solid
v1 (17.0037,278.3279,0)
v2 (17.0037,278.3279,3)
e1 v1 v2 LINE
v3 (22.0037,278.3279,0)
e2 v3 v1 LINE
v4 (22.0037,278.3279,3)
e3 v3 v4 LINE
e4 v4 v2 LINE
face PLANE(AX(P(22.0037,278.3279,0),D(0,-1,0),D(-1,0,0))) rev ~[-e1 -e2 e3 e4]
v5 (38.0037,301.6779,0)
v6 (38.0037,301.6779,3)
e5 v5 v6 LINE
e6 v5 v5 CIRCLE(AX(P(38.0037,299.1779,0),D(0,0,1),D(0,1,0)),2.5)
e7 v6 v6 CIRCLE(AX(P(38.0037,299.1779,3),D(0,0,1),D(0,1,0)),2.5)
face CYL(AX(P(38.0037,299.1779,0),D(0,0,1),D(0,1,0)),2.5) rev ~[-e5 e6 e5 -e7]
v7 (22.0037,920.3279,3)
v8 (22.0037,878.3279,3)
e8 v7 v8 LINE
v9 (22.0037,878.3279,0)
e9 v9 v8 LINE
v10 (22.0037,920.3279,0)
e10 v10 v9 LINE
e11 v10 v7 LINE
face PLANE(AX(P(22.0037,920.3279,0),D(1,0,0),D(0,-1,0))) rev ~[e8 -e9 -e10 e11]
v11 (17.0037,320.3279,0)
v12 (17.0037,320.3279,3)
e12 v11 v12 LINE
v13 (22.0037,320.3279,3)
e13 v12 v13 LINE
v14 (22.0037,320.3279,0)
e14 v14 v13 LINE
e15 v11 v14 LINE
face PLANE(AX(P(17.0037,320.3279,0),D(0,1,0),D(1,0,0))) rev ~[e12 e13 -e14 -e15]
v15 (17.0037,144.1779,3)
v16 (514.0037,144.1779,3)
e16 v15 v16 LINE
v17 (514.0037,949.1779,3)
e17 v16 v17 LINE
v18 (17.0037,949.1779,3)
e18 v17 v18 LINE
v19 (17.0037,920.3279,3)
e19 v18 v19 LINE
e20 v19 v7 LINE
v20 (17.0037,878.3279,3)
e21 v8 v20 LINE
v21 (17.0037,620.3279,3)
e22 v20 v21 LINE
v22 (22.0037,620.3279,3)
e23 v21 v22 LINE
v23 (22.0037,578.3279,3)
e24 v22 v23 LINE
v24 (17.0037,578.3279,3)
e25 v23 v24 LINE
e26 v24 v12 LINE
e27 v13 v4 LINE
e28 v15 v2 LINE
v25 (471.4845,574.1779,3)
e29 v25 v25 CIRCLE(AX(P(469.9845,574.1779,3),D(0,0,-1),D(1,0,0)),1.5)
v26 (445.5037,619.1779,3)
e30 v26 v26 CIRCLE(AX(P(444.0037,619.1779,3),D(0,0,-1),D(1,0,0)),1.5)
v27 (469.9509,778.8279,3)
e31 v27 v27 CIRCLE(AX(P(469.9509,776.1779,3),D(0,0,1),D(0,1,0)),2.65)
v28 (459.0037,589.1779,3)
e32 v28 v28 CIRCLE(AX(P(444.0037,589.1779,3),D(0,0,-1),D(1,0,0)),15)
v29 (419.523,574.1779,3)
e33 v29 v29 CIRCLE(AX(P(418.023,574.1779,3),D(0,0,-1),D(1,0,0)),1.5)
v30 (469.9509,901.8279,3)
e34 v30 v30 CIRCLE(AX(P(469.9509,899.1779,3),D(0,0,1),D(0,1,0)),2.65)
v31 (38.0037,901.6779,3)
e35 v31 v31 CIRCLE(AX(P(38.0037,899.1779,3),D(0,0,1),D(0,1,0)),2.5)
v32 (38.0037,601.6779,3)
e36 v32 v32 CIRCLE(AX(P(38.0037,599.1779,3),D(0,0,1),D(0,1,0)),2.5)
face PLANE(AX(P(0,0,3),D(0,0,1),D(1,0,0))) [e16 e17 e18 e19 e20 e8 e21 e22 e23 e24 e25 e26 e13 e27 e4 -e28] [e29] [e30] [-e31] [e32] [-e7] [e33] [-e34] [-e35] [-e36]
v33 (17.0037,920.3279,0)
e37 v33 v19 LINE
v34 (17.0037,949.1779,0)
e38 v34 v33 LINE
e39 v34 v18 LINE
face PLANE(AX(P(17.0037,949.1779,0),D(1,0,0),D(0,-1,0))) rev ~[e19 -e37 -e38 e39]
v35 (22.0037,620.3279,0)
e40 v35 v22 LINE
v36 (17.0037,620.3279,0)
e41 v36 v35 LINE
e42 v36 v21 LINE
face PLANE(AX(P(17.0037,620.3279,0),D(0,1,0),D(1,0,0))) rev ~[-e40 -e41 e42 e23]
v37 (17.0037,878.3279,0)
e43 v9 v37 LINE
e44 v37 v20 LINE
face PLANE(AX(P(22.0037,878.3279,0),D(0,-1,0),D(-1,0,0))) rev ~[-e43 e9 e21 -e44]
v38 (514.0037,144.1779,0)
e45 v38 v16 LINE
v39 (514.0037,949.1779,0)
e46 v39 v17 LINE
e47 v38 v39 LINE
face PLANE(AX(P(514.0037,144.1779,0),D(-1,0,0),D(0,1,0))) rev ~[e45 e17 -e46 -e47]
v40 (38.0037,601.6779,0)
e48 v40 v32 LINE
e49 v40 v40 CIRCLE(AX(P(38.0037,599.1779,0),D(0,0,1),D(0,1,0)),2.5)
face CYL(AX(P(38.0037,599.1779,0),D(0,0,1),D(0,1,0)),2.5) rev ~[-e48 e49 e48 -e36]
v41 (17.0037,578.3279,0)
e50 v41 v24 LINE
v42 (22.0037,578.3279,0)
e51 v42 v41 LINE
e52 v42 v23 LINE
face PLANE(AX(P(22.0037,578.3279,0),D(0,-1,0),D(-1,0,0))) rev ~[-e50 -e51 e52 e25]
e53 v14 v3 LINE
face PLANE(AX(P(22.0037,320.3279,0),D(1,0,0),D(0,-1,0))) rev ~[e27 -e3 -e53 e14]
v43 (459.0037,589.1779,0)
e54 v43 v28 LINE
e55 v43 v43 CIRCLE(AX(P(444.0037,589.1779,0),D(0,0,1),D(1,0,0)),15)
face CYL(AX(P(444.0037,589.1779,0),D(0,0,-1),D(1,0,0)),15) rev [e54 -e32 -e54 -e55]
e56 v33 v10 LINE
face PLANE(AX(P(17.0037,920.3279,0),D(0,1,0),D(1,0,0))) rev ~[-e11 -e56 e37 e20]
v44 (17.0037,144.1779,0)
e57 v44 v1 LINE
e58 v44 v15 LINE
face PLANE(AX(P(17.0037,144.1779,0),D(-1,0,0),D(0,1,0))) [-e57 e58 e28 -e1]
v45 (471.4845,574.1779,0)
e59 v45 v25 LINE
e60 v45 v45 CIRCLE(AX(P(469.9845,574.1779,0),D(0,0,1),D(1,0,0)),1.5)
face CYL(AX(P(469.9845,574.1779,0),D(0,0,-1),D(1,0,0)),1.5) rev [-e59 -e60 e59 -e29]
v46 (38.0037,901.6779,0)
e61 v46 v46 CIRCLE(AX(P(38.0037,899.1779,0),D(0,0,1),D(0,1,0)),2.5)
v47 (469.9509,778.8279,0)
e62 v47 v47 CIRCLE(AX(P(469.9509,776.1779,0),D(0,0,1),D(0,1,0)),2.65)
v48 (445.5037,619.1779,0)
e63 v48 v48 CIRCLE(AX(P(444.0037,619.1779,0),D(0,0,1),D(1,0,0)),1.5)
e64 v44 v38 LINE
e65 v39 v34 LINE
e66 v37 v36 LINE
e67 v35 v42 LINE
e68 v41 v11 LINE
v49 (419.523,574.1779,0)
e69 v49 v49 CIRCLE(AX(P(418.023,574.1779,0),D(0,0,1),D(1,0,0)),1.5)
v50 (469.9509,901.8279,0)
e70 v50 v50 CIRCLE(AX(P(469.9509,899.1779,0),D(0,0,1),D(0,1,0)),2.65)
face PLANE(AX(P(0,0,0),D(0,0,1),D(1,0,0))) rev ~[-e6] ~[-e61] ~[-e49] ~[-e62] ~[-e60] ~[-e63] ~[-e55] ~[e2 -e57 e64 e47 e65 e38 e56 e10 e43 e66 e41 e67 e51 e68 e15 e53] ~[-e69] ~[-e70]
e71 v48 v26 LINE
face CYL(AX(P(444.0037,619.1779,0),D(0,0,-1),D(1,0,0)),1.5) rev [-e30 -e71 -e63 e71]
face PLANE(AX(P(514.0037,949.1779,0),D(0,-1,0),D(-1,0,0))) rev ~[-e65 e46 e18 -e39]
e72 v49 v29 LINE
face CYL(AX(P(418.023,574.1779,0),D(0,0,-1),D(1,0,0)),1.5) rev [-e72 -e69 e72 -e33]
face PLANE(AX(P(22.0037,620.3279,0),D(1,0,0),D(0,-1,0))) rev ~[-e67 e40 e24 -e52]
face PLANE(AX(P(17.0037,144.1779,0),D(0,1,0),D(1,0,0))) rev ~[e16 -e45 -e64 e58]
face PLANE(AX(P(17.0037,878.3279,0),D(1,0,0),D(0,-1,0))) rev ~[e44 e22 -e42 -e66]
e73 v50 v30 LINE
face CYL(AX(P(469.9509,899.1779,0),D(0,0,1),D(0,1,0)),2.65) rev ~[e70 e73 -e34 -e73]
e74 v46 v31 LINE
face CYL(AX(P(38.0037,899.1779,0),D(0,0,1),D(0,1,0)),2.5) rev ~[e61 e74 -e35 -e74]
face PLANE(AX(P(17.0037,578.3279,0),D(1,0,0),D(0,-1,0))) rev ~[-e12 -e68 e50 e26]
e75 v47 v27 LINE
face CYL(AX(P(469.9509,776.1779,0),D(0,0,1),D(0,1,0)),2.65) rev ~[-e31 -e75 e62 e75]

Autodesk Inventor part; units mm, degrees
ref_plane "YZ Plane" through (0, 0, 0) normal (1, 0, 0) x (0, 1, 0)
ref_plane "XZ Plane" through (0, 0, 0) normal (0, 1, 0) x (-1, 0, 0)
ref_plane "XY Plane" through (0, 0, 0) normal (0, 0, 1) x (1, 0, 0)
sketch "Sketch1" plane through (0, 0, 0) normal (0, 0, 1) x (1, 0, 0)
  line L0 (17.0037, 144.1779) -> (514.0037, 144.1779)
  line L1 (514.0037, 144.1779) -> (514.0037, 949.1779)
  line L2 (514.0037, 949.1779) -> (17.0037, 949.1779)
  circle A0 centre (469.9509, 776.1779) radius 2.65
  circle A1 centre (469.9509, 899.1779) radius 2.65
  circle A2 centre (444.0037, 589.1779) radius 15
  circle A3 centre (444.0037, 619.1779) radius 1.5
  circle A4 centre (418.023, 574.1779) radius 1.5
  circle A5 centre (469.9845, 574.1779) radius 1.5
  line L3 (444.0037, 589.1779) -> (444.0037, 619.1779) construction
  line L4 (444.0037, 589.1779) -> (444.0037, 619.1779) construction
  line L5 (444.0037, 589.1779) -> (444.0037, 619.1779) construction
  line L6 (444.0037, 589.1779) -> (444.0037, 619.1779) construction
  line L7 (17.0037, 949.1779) -> (17.0037, 920.3279)
  line L8 (17.0037, 920.3279) -> (22.0037, 920.3279)
  line L9 (22.0037, 920.3279) -> (22.0037, 878.3279)
  line L10 (22.0037, 878.3279) -> (17.0037, 878.3279)
  line L11 (17.0037, 878.3279) -> (17.0037, 620.3279)
  line L12 (17.0037, 620.3279) -> (22.0037, 620.3279)
  line L13 (22.0037, 620.3279) -> (22.0037, 578.3279)
  line L14 (22.0037, 578.3279) -> (17.0037, 578.3279)
  line L15 (17.0037, 578.3279) -> (17.0037, 320.3279)
  line L16 (17.0037, 320.3279) -> (22.0037, 320.3279)
  line L17 (22.0037, 320.3279) -> (22.0037, 278.3279)
  line L18 (22.0037, 278.3279) -> (17.0037, 278.3279)
  line L19 (17.0037, 144.1779) -> (17.0037, 278.3279)
  line L20 (35.5037, 901.6779) -> (38.0037, 901.6779)
  line L21 (35.5037, 896.6779) -> (38.0037, 896.6779)
  arc A6 (35.5037, 901.6779) -> (35.5037, 896.6779) centre (35.5037, 899.1779) ccw
  arc A7 (38.0037, 896.6779) -> (38.0037, 901.6779) centre (38.0037, 899.1779) ccw
  line L22 (35.5037, 601.6779) -> (38.0037, 601.6779)
  line L23 (35.5037, 596.6779) -> (38.0037, 596.6779)
  line L24 (35.5037, 301.6779) -> (38.0037, 301.6779)
  line L25 (35.5037, 296.6779) -> (38.0037, 296.6779)
  arc A8 (35.5037, 301.6779) -> (35.5037, 296.6779) centre (35.5037, 299.1779) ccw
  arc A9 (38.0037, 296.6779) -> (38.0037, 301.6779) centre (38.0037, 299.1779) ccw
  arc A10 (35.5037, 601.6779) -> (35.5037, 596.6779) centre (35.5037, 599.1779) ccw
  arc A11 (38.0037, 596.6779) -> (38.0037, 601.6779) centre (38.0037, 599.1779) ccw
  dimension "d72" = 497
  dimension "d73" = 805
  dimension "d85" = 50
  dimension "d133" = 5.3
  dimension "d134" = 5.3
  dimension "d135" = 123
  dimension "d168" = 50
  dimension "d218" = 30
  dimension "d219" = 70
  dimension "d221" = 3
  dimension "d222" = 3
  dimension "d223" = 3
  dimension "d224" = 30
  dimension "d228" = 15
  dimension "d230" = 15
  dimension "d231" = 25.9808
  dimension "d232" = 25.9808
  dimension "d233" = 360
  dimension "d248" = 300
  dimension "d249" = 300
  dimension "d250" = 28.85
  dimension "d251" = 5
  dimension "d252" = 42
  dimension "d253" = 90
  dimension "d254" = 5
  dimension "d255" = 90
  dimension "d256" = 21
  dimension "d257" = 5
  dimension "d258" = 42
  dimension "d259" = 5
  dimension "d260" = 90
  dimension "d261" = 5
  dimension "d262" = 90
  dimension "d263" = 42
  dimension "d264" = 90
  dimension "d265" = 5
  dimension "d266" = 90
  dimension "d268" = 258
  dimension "d269" = 258
  dimension "d270" = 2.5
  dimension "d271" = 5
  dimension "d272" = 7.5
  dimension "d273" = 5
  dimension "d274" = 7.5
  dimension "d275" = 2.5
  dimension "d276" = 7.5
  dimension "d277" = 2.5
  dimension "d278" = 5
extrude "Extrusion2" add sketch "Sketch1" along normal blind 3 contours L19 L18 L17 L16 L15 L14 L13 L12 L11 L10 L9 L8 L7 L2 L1 L0 | A0 | A1 | A2 | A3 | A4 | A5 | L20 A7 L21 A6 | L22 A11 L23 A10 | L24 A9 L25 A8
hole "Hole7" at (38.0037, 899.1779, 0) direction (0, 0, 1) diameter 5 end through all
hole "Hole8" at (38.0037, 599.1779, 0) direction (0, 0, 1) diameter 5 end through all
hole "Hole9" at (38.0037, 299.1779, 0) direction (0, 0, 1) diameter 5 end through all
hole "Hole13" at (469.9509, 776.1779, 0) direction (0, 0, 1) diameter 5.3 end through all
hole "Hole14" at (469.9509, 899.1779, 0) direction (0, 0, 1) diameter 5.3 end through all
extrude "Extrusion7" cut sketch "Sketch1" along normal blind 10 contours A2
extrude "Extrusion8" cut sketch "Sketch1" along normal blind 10 contours A3
extrude "Extrusion9" cut sketch "Sketch1" along normal blind 10 contours A4
extrude "Extrusion10" cut sketch "Sketch1" along normal blind 10 contours A5
equation "\"d91\" = d81"
equation "\"d98\" = d81"
equation "\"d105\" = d81"
equation "\"d137\" = d133"
equation "\"d144\" = d133"
equation "\"d81\" = 5"
properties part number "Plexiglas_Einfassung_550x710mm" material "Polycarbonate, Clear"
